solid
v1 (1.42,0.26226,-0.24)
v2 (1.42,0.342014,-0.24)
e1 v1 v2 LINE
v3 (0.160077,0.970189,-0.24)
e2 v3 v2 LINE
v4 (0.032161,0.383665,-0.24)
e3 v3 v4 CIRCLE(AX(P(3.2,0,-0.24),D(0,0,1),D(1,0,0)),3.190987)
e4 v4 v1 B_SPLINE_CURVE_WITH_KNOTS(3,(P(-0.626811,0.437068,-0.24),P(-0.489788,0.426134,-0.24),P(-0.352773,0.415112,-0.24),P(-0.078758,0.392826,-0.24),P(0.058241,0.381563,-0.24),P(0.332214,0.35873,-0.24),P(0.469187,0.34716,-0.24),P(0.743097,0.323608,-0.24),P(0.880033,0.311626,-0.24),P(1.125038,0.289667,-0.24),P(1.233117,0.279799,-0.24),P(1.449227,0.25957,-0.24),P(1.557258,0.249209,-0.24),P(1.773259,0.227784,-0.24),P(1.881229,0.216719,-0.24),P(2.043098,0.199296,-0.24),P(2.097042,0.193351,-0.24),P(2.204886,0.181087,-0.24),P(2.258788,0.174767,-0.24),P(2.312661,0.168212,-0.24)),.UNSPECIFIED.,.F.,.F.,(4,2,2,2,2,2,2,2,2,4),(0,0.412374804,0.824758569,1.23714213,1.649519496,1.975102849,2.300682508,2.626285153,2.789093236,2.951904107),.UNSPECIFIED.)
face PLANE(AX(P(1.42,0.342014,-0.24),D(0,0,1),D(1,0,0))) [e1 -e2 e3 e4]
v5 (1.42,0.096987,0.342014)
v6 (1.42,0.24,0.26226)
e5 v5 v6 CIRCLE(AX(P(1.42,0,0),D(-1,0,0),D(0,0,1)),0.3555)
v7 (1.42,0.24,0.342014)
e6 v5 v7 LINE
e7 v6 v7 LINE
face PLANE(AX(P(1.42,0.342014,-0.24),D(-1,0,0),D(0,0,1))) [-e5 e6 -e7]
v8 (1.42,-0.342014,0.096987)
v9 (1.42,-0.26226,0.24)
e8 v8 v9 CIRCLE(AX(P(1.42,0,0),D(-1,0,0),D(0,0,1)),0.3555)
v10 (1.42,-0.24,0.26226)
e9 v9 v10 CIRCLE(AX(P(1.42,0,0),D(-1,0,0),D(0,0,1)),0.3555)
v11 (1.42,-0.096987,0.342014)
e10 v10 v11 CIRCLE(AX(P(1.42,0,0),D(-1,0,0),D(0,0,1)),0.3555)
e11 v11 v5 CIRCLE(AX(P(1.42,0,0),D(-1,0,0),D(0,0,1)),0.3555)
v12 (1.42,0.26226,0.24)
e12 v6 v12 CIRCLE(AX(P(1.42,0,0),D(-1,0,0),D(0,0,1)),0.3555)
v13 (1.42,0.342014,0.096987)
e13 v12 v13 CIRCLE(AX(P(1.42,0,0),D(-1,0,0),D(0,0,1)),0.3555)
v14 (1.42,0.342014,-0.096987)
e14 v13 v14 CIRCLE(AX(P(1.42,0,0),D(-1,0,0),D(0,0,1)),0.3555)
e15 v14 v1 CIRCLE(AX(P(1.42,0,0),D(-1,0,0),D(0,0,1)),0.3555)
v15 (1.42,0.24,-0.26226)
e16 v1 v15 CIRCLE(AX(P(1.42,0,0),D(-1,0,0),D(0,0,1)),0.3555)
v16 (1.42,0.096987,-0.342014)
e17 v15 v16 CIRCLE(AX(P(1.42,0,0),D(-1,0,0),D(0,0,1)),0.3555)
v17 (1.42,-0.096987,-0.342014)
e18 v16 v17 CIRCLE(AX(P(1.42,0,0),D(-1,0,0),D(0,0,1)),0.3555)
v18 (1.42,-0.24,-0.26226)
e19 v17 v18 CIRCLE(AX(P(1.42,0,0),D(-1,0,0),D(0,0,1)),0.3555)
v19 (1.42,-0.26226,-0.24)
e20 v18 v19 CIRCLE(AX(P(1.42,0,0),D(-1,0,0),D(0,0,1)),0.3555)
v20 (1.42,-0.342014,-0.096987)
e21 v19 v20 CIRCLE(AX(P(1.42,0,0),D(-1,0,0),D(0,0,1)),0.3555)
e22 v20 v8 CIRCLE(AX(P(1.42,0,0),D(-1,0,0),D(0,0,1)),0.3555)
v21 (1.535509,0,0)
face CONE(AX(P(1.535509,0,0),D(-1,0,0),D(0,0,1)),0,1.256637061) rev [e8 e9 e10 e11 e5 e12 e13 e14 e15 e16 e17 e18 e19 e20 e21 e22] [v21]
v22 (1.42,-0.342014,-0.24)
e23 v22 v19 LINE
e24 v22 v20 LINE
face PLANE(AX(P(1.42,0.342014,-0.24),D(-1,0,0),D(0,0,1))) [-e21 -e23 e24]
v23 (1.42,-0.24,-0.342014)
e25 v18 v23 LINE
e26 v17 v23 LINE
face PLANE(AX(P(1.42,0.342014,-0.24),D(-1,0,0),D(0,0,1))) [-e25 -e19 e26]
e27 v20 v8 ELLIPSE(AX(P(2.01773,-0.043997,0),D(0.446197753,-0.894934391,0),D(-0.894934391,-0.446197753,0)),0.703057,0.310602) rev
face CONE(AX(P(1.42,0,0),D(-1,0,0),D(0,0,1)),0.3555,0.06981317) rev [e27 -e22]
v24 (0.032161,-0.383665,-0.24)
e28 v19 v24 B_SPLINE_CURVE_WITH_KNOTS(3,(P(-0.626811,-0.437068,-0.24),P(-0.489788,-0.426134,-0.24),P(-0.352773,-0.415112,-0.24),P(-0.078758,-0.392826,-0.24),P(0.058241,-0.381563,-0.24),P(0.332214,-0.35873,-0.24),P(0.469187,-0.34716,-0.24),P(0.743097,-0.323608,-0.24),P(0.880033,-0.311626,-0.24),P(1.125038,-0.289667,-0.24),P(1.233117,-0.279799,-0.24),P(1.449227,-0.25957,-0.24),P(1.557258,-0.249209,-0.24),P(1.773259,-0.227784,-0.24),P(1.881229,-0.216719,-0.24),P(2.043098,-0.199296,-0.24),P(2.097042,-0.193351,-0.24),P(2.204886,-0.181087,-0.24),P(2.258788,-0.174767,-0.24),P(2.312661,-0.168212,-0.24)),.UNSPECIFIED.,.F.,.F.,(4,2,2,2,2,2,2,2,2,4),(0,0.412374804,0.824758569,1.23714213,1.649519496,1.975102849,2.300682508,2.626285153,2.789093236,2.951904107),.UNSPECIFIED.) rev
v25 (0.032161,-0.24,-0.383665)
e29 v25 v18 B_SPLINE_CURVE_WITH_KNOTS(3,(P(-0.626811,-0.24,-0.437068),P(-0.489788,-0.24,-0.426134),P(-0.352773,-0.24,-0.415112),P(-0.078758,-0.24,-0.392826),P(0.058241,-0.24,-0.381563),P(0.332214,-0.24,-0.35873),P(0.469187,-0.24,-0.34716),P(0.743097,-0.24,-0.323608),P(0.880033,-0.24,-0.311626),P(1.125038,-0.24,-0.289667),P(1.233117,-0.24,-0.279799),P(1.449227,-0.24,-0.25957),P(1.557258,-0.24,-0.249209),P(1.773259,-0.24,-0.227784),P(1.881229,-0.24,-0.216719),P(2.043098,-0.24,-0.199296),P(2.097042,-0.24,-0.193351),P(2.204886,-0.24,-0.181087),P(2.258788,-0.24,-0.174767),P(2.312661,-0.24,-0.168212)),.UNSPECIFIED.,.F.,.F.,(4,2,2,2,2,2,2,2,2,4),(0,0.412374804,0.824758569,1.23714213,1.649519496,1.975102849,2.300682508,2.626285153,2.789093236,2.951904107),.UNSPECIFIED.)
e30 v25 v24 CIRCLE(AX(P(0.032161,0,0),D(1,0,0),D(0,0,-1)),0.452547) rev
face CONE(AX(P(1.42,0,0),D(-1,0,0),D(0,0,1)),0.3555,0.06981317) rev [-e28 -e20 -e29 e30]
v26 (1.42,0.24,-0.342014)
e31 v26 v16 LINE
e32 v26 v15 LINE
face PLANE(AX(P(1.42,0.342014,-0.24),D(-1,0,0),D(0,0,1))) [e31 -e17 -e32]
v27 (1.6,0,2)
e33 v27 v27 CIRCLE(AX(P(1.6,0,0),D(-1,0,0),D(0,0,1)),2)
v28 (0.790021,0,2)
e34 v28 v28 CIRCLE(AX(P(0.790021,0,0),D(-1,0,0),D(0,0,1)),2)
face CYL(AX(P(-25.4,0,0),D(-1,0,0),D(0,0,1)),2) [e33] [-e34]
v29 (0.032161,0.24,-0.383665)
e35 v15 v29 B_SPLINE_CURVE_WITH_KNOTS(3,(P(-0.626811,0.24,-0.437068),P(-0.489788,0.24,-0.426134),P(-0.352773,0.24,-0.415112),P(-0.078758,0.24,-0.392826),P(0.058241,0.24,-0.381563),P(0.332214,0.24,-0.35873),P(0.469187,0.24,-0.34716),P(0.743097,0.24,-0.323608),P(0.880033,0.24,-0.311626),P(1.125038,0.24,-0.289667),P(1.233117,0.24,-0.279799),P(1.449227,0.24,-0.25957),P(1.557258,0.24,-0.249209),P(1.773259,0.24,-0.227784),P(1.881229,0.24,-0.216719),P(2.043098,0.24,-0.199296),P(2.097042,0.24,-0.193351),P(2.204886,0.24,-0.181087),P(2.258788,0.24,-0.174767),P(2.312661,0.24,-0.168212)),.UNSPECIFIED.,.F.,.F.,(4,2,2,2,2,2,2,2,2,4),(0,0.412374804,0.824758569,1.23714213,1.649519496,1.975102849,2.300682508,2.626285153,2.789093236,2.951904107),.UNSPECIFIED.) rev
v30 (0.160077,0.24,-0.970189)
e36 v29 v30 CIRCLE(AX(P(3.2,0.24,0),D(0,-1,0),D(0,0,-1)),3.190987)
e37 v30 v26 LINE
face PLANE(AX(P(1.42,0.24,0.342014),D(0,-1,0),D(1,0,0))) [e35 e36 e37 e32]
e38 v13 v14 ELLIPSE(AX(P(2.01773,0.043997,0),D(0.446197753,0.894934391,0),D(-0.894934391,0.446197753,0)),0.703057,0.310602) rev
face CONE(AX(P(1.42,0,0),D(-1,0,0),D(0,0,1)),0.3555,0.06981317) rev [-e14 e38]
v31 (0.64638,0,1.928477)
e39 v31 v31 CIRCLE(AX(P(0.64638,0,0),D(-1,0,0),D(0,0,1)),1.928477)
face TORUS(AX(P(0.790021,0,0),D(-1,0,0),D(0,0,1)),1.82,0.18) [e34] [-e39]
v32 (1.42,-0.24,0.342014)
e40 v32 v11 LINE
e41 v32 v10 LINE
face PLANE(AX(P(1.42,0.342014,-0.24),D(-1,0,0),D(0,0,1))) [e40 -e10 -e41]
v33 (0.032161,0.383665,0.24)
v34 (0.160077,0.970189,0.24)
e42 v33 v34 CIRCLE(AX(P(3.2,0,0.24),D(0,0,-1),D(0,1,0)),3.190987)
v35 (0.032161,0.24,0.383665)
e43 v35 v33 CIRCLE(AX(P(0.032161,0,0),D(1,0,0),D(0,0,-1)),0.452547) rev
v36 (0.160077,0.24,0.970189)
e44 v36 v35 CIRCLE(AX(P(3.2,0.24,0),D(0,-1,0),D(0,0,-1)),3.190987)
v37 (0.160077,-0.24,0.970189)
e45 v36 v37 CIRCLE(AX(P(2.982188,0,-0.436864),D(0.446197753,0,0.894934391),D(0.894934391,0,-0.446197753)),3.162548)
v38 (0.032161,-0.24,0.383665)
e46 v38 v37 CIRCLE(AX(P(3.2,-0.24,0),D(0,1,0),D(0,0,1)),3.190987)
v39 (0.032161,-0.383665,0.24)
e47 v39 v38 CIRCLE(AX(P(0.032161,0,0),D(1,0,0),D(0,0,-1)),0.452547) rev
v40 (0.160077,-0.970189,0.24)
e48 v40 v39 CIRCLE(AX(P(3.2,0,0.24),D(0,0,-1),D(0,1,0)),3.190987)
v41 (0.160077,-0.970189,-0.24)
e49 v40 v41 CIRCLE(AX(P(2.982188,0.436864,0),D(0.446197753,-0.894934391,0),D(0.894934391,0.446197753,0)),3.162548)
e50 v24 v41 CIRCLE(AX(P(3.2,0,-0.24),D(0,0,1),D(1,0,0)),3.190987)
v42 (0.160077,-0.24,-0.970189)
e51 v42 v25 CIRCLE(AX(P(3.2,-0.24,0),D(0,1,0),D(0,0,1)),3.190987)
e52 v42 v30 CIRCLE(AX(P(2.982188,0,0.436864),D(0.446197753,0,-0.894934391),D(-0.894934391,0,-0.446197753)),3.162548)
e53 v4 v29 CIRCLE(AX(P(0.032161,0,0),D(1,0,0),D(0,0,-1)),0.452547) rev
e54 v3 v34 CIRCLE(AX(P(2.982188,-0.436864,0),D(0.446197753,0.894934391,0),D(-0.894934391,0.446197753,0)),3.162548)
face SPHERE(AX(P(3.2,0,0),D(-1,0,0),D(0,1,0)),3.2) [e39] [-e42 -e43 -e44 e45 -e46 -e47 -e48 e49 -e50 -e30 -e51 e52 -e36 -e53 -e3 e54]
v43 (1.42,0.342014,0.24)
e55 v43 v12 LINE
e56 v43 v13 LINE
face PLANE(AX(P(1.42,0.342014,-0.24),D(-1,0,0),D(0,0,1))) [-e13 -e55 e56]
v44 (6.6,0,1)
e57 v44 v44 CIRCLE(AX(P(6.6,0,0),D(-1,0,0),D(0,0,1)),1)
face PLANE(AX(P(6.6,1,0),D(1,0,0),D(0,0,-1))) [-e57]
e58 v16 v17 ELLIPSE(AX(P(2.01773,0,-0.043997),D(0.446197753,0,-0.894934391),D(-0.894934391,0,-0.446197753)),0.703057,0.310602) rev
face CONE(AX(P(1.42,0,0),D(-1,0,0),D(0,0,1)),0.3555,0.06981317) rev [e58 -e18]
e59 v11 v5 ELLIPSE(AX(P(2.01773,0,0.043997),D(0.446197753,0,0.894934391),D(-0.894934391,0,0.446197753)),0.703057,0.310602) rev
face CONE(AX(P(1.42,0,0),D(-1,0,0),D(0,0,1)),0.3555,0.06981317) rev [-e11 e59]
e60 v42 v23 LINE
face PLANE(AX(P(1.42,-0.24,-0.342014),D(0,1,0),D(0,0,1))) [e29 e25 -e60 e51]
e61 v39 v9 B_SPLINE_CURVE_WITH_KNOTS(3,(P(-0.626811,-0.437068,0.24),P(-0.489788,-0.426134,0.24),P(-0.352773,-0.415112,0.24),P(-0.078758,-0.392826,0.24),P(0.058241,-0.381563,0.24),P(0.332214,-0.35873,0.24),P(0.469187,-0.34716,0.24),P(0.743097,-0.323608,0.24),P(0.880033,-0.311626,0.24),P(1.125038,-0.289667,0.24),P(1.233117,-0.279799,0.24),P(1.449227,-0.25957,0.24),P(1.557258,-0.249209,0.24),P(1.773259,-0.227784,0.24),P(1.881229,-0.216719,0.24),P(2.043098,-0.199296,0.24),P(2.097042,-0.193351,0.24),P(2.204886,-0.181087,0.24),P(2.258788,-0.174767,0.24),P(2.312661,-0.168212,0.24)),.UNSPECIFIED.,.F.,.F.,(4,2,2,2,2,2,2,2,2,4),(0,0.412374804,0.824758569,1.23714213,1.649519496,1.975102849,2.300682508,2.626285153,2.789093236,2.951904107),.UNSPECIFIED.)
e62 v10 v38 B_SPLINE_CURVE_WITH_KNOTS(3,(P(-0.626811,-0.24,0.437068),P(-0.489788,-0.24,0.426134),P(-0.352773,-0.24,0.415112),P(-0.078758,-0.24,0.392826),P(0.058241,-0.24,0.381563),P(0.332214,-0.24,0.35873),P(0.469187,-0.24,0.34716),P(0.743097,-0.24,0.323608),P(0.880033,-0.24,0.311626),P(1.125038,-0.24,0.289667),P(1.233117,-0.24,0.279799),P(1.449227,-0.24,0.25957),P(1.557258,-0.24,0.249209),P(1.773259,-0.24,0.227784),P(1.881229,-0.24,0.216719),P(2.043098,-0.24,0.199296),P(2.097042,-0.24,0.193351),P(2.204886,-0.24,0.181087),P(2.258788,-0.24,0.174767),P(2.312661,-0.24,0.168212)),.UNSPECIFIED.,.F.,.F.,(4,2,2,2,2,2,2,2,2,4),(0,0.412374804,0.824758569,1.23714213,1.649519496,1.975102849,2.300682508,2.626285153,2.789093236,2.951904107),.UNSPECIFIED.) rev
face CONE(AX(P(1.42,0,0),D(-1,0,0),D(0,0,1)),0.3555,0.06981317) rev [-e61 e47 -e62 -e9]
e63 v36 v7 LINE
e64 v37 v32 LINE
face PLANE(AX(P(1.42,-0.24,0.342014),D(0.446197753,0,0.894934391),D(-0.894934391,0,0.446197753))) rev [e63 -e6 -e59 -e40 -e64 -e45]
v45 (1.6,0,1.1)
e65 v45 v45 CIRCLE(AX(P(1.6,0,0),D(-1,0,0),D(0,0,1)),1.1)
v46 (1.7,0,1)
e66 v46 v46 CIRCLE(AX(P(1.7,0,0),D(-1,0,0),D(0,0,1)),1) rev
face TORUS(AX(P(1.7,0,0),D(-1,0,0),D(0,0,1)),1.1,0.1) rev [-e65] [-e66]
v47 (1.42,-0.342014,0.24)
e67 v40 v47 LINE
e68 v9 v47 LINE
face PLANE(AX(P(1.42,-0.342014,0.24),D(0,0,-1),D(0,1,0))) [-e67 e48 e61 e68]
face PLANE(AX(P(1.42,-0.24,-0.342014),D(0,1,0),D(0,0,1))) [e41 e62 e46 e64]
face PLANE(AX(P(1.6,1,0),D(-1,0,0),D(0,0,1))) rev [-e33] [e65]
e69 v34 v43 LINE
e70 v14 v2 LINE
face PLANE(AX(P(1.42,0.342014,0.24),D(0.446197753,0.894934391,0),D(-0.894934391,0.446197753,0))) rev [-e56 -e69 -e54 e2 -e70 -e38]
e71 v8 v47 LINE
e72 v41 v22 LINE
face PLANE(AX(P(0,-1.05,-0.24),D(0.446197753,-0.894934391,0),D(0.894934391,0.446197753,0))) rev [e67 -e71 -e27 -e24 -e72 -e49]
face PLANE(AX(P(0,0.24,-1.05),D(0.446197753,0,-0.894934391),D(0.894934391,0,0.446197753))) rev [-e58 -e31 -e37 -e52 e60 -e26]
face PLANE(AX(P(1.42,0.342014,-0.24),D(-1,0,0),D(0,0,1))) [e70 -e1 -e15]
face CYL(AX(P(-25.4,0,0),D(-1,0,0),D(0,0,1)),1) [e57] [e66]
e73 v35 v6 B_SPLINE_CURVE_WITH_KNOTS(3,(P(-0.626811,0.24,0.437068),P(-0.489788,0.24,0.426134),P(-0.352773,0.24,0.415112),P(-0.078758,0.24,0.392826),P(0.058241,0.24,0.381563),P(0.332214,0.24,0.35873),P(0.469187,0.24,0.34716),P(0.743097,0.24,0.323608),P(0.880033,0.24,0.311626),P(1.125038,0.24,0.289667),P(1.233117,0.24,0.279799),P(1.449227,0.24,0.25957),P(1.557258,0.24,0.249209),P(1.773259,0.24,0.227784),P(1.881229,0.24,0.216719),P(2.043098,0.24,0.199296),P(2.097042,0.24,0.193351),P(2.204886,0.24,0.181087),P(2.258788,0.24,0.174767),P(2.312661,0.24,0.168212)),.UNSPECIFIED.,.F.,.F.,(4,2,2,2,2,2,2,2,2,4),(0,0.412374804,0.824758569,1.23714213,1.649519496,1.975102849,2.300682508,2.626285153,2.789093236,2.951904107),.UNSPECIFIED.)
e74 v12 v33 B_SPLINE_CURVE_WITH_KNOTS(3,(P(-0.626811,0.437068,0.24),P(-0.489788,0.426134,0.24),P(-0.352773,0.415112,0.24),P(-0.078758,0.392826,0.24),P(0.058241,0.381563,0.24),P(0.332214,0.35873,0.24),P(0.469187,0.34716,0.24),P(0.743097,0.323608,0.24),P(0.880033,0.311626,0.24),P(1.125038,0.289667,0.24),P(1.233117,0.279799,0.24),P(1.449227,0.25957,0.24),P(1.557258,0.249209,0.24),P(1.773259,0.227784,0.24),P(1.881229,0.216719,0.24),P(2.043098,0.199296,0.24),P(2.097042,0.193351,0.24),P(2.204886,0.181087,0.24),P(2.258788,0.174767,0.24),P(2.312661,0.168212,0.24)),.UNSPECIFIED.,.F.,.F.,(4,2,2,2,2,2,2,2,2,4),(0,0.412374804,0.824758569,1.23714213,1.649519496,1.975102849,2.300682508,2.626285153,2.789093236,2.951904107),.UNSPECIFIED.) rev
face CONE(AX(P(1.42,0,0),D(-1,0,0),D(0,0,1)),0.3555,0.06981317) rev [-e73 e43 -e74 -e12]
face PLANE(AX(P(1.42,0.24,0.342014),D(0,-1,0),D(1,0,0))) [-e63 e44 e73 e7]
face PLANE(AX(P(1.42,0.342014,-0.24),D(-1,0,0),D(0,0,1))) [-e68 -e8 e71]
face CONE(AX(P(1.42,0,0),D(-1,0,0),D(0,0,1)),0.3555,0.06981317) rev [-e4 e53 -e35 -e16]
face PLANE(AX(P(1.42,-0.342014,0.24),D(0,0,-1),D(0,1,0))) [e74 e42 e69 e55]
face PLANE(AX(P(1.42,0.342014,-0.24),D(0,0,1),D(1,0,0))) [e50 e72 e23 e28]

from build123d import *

# Parameters (mm, degrees)
FILLET1_R    = 0.1
SKETCH3_W    = 0.48
SKETCH3_H    = 2.1
SKETCH4_W    = 0.48
SKETCH4_H    = 0.68402847
RECPAT_COUNT = 2
RECPAT_ANGLE = 90


with BuildPart() as part:
    # BodySke → Base-Revolve (revolve)
    with BuildSketch(Plane.XY):
        with BuildLine():
            Line((1.6, 1), (1.6, 2))
            Line((1.6, 2), (0.790020747, 2))
            ThreePointArc((0.790020747, 2), (0.709789294, 1.981130115), (0.646379599, 1.928476821))
            ThreePointArc((0.646379599, 1.928476821), (0.165895084, 1.016959861), (0, 0))
            Line((0, 0), (6.6, 0))
            Line((6.6, 0), (6.6, 1))
            Line((6.6, 1), (1.6, 1))
        make_face()
    revolve(axis=Axis((-25.4, 0, 0), (1, 0, 0)))

    # Fillet1
    fillet1_edges = [part.edges().sort_by_distance(p)[0] for p in [
        (1.6, -1, 0),
    ]]
    fillet(fillet1_edges, radius=FILLET1_R)

    # Sketch3 → Recess section 0
    with BuildSketch(Plane(origin=(0, 0, 0), x_dir=(0, 0, -1), z_dir=(1, 0, 0))):
        Rectangle(SKETCH3_W, SKETCH3_H)
    # Sketch4 → Recess section 1
    with BuildSketch(Plane(origin=(1.42, 0, 0), x_dir=(0, 0, -1), z_dir=(1, 0, 0))):
        Rectangle(SKETCH4_W, SKETCH4_H)
    recess = loft(mode=Mode.SUBTRACT)

    # RecPat: Recess ×2 about axis
    recpat_axis = Axis((0, 0, 0), (1, 0, 0))
    for i in range(1, RECPAT_COUNT):
        add(recess.rotate(recpat_axis, i * RECPAT_ANGLE / (RECPAT_COUNT - 1)), mode=Mode.SUBTRACT)

    # RecCorSke → RecessCore (revolve, cut)
    with BuildSketch(Plane.XY):
        Polygon((0, 0), (0, 0.454796073), (1.42, 0.3555), (1.535508952, 0), align=None)
    revolve(axis=Axis((-3.175, 0, 0), (1, 0, 0)), mode=Mode.SUBTRACT)


solid = part.part
